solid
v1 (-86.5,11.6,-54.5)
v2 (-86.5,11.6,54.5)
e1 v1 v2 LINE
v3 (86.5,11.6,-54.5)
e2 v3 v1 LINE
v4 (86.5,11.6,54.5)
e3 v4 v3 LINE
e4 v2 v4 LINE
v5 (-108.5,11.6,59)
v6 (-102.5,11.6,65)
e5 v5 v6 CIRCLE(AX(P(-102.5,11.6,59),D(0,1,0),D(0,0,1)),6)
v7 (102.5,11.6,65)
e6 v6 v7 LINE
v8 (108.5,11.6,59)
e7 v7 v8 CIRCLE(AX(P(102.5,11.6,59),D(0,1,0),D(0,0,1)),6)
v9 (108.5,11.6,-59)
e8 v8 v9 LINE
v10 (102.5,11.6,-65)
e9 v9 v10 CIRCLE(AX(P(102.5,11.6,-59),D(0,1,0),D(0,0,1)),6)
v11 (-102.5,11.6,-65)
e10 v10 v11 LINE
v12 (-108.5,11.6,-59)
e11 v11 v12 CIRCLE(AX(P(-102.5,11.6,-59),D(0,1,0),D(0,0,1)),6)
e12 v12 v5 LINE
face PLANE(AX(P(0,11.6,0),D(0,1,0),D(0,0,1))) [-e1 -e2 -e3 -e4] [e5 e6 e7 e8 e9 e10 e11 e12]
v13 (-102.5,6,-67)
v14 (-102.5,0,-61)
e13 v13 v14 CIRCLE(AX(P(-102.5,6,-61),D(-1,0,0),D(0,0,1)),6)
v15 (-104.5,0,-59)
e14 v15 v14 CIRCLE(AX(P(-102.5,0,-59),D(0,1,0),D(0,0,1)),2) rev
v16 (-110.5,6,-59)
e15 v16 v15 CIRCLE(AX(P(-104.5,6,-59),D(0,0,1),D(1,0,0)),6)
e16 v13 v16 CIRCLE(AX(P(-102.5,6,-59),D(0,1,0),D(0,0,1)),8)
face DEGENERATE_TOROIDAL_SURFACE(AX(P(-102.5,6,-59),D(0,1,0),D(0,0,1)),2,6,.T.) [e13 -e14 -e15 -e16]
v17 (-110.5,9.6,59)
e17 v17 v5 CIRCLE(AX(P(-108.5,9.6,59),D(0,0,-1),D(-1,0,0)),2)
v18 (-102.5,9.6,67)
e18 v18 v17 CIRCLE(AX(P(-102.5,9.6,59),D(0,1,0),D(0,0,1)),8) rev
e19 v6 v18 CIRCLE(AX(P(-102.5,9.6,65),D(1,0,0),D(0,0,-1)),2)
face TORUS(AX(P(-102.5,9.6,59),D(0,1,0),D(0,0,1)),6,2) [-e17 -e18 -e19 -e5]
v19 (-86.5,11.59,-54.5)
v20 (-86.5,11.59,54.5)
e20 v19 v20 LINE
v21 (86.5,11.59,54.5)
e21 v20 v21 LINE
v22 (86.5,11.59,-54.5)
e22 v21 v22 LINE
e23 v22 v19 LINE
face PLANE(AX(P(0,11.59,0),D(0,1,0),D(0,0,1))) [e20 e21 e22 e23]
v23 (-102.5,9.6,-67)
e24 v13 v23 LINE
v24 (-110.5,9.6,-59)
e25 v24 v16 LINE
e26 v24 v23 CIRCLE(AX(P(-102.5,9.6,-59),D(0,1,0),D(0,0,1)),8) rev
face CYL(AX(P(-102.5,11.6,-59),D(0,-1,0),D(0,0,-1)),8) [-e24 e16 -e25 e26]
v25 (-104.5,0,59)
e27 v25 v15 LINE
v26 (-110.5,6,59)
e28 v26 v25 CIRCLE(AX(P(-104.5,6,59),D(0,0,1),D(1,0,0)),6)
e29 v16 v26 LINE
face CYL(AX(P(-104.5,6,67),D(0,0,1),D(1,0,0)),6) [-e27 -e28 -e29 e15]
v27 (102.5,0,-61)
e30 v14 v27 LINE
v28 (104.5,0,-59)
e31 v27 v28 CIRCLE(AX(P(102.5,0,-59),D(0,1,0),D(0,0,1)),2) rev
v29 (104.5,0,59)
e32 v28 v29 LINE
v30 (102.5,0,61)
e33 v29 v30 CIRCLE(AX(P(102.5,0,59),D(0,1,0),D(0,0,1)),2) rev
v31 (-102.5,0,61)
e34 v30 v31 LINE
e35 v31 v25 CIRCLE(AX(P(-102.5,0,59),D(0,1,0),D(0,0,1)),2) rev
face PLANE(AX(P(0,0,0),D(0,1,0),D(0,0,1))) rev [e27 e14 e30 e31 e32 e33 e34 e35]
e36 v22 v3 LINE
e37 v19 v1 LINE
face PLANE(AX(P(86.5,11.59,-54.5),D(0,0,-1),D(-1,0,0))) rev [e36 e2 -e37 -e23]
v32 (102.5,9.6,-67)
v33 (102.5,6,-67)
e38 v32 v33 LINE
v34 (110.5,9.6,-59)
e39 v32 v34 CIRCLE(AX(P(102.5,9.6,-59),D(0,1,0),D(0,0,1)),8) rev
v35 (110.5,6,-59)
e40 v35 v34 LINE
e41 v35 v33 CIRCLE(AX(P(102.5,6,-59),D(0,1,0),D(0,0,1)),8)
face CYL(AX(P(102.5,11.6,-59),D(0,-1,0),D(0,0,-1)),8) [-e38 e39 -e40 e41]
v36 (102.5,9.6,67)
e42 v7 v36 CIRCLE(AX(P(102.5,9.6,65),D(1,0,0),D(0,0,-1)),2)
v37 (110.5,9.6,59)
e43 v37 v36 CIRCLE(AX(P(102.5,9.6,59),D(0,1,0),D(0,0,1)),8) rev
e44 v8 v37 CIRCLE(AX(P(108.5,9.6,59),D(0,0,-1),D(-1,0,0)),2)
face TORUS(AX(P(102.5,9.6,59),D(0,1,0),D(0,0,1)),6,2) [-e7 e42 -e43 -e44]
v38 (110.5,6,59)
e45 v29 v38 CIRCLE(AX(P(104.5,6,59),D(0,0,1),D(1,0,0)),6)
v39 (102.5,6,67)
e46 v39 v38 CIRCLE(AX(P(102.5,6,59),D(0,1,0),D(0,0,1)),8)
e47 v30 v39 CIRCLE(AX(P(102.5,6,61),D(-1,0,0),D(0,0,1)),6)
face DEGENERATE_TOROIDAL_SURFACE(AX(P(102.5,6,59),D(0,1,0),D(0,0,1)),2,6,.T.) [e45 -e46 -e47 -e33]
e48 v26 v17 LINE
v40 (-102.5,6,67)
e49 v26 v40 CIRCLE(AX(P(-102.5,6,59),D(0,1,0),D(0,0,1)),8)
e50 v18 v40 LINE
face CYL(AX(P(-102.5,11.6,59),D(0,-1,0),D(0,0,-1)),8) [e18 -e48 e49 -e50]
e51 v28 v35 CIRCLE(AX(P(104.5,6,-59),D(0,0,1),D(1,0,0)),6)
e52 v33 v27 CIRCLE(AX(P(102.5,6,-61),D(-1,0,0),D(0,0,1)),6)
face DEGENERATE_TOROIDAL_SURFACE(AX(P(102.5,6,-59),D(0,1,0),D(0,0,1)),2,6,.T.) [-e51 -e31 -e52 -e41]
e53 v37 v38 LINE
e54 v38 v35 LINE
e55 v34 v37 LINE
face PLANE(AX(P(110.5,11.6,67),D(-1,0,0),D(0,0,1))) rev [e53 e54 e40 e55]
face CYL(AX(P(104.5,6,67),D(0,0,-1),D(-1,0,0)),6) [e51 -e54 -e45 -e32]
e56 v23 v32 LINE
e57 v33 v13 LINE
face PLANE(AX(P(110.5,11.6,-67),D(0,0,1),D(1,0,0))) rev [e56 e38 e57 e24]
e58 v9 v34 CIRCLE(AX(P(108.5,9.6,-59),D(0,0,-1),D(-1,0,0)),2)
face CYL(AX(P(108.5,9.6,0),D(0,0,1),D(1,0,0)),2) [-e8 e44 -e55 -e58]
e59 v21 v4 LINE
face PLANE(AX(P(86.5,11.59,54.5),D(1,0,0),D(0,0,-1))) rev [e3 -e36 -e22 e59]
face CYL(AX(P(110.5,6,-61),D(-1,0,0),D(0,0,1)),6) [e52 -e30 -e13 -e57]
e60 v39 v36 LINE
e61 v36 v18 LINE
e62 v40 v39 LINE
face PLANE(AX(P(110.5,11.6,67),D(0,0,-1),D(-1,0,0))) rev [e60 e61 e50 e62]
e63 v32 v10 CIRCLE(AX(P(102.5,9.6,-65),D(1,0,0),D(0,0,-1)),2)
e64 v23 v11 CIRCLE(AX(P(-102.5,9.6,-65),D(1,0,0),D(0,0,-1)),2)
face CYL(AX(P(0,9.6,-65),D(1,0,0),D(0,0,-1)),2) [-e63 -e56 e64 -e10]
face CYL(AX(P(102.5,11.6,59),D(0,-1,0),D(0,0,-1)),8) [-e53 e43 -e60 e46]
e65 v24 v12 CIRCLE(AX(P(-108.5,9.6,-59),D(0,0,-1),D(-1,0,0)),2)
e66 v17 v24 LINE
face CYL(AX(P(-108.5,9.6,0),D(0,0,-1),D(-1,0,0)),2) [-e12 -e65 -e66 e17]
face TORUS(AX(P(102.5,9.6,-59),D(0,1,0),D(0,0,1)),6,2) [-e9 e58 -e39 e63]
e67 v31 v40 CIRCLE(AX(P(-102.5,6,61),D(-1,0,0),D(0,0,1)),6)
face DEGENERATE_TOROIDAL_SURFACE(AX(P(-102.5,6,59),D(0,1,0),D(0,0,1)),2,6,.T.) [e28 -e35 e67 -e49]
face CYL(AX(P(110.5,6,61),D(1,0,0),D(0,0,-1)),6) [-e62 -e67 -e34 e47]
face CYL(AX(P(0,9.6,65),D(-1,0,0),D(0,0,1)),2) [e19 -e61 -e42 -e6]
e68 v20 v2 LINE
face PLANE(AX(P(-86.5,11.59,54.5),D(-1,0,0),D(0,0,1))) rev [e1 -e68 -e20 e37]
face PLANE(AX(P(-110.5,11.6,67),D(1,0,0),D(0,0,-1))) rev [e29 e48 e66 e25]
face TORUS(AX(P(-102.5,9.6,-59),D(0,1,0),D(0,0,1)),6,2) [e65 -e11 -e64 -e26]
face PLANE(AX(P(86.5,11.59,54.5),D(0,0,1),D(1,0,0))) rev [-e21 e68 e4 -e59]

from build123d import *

# Parameters (mm, degrees)
SKETCH1_W           = 221
SKETCH1_H           = 134
BOSS_EXTRUDE1_DEPTH = 11.6
FILLET1_R           = 8
FILLET2_R           = 2
FILLET3_R           = 6
SKETCH2_W           = 173
SKETCH2_H           = 109
CUT_EXTRUDE1_DEPTH  = 0.01


with BuildPart() as part:
    # Sketch1 → Boss-Extrude1 (new body)
    with BuildSketch(Plane(origin=(0, 0, 0), x_dir=(1, 0, 0), z_dir=(0, 1, 0))):
        Rectangle(SKETCH1_W, SKETCH1_H)
    extrude(amount=BOSS_EXTRUDE1_DEPTH)

    # Fillet1
    fillet1_edges = [part.edges().sort_by_distance(p)[0] for p in [
        (-110.5, 5.8, -67),
        (110.5, 5.8, -67),
        (110.5, 5.8, 67),
        (-110.5, 5.8, 67),
    ]]
    fillet(fillet1_edges, radius=FILLET1_R)

    # Fillet2
    fillet2_edges = [part.edges().sort_by_distance(p)[0] for p in [
        (-110.5, 11.6, 0),
        (0, 11.6, -67),
        (0, 11.6, 67),
        (110.5, 11.6, 0),
        (-108.156854249, 11.6, 64.656854249),
        (108.156854249, 11.6, 64.656854249),
        (108.156854249, 11.6, -64.656854249),
        (-108.156854249, 11.6, -64.656854249),
    ]]
    fillet(fillet2_edges, radius=FILLET2_R)

    # Fillet3
    fillet3_edges = [part.edges().sort_by_distance(p)[0] for p in [
        (-110.5, 0, 0),
        (0, 0, -67),
        (110.5, 0, 0),
        (0, 0, 67),
        (-108.156854249, 0, 64.656854249),
        (108.156854249, 0, 64.656854249),
        (108.156854249, 0, -64.656854249),
        (-108.156854249, 0, -64.656854249),
    ]]
    fillet(fillet3_edges, radius=FILLET3_R)

    # Sketch2 → Cut-Extrude1 (cut)
    with BuildSketch(Plane(origin=(0, 11.6, 0), x_dir=(1, 0, 0), z_dir=(0, 1, 0))):
        Rectangle(SKETCH2_W, SKETCH2_H)
    extrude(amount=-CUT_EXTRUDE1_DEPTH, mode=Mode.SUBTRACT)


solid = part.part
